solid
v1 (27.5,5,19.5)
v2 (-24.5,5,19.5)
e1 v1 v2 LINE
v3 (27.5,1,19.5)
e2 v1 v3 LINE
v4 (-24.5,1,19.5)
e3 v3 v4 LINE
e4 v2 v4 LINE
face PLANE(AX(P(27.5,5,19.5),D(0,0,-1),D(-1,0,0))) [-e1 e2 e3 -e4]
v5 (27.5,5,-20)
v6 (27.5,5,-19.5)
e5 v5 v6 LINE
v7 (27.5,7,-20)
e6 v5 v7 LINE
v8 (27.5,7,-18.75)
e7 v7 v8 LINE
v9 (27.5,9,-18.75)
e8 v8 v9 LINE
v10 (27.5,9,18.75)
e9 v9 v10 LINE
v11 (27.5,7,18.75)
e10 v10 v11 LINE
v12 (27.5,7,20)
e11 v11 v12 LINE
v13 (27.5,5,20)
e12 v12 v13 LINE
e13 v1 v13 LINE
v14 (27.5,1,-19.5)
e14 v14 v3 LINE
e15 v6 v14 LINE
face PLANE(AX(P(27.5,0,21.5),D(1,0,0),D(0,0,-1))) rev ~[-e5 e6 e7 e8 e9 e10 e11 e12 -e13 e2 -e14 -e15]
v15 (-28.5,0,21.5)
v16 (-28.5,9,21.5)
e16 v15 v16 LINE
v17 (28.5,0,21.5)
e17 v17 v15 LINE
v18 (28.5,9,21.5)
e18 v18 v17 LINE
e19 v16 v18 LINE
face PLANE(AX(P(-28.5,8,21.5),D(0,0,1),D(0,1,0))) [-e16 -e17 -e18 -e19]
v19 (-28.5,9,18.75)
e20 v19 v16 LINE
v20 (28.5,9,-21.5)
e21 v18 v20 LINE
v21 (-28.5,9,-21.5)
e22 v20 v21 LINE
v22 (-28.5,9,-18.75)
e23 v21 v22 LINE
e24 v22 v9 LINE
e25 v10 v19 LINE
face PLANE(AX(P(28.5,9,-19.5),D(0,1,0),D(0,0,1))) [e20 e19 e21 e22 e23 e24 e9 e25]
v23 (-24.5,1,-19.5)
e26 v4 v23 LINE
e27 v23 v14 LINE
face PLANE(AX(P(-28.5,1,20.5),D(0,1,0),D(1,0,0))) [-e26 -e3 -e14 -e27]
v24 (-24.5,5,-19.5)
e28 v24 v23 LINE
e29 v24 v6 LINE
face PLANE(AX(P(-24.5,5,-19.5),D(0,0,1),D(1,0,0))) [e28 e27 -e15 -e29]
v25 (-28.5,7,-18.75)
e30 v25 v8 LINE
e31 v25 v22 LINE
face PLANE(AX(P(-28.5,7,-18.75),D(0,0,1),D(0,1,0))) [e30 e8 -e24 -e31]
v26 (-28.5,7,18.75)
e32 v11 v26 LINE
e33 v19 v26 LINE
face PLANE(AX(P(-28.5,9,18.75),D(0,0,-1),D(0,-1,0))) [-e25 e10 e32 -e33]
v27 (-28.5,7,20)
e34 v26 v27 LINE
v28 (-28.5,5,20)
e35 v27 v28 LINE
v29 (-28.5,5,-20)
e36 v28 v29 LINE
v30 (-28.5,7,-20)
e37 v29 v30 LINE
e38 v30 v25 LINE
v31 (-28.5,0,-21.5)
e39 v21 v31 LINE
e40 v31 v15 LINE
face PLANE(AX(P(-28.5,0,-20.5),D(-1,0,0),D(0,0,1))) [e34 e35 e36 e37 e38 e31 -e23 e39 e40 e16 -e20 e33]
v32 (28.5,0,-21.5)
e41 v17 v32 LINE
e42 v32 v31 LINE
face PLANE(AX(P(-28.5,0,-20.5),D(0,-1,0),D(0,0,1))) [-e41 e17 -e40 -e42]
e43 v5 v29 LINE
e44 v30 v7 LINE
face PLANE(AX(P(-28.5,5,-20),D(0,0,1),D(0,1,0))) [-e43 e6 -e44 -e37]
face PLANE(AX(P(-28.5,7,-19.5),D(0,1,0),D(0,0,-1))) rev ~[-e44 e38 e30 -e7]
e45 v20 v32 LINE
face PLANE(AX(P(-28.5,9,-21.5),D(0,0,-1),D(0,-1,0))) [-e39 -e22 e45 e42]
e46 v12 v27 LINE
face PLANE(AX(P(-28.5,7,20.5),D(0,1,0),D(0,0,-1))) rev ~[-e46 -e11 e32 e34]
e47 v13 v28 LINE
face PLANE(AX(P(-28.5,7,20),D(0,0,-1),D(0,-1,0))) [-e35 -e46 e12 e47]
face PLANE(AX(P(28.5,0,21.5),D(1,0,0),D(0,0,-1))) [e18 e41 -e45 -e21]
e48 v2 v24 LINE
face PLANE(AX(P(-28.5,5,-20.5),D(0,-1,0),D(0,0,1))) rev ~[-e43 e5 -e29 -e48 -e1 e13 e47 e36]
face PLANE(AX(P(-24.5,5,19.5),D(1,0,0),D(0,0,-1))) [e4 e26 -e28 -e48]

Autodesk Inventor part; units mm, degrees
ref_plane "YZ Plane" through (0, 0, 0) normal (1, 0, 0) x (0, 1, 0)
ref_plane "XZ Plane" through (0, 0, 0) normal (0, 1, 0) x (-1, 0, 0)
ref_plane "XY Plane" through (0, 0, 0) normal (0, 0, 1) x (1, 0, 0)
sketch "Boceto1" plane through (0, 0, 0) normal (0, 1, 0) x (-1, 0, 0)
  line L0 (28.5, 20.5) -> (-28.5, 20.5)
  line L1 (-28.5, 20.5) -> (-28.5, -20.5)
  line L2 (-28.5, -20.5) -> (28.5, -20.5)
  line L3 (28.5, -20.5) -> (28.5, 20.5)
  line L4 (28.5, 20.5) -> (-28.5, -20.5) construction
  line L5 (-28.5, 20.5) -> (28.5, -20.5) construction
  point P0 (0, 0)
  dimension "d0" = 57
  dimension "d1" = 41
extrude "Extrusión1" add sketch "Boceto1" along normal blind 8
sketch "Boceto2" plane through (0, 8, 0) normal (0, 1, 0) x (1, 0, 0)
  line L0 (28.5, -20.5) -> (28.5, 20.5) projected
  line L1 (28.5, -20.5) -> (28.5, -17.5)
  line L2 (28.5, -17.5) -> (26.5, -17.5)
  line L3 (26.5, -17.5) -> (26.5, 17.5)
  line L4 (28.5, 20.5) -> (-28.5, 20.5) projected
  line L5 (26.5, 17.5) -> (-24.5, 17.5)
  line L6 (-24.5, 17.5) -> (-24.5, -17.5)
  line L7 (-24.5, -17.5) -> (26.5, -17.5)
  point P0 (0, 0)
  dimension "d4" = 3
  dimension "d5" = 2
  dimension "d6" = 35
  dimension "d7" = 51
extrude "Extrusión2" cut sketch "Boceto2" against normal blind 6
sketch "Boceto3" plane through (0, 8, 0) normal (0, 1, 0) x (1, 0, 0)
  line L0 (-24.5, -17.5) -> (-24.5, 17.5) projected
  line L1 (-24.5, -17.5) -> (-28.5, -17.5)
  line L2 (-28.5, 20.5) -> (-28.5, -20.5) projected
  line L3 (-28.5, -17.5) -> (-28.5, 17.5)
  line L4 (-24.5, 17.5) -> (26.5, 17.5) projected
  line L5 (-28.5, 17.5) -> (-24.5, 17.5)
  line L6 (-24.5, 17.5) -> (-24.5, -17.5)
  point P0 (0, 0)
  dimension "d10" = 35
extrude "Extrusión3" cut sketch "Boceto3" against normal blind 6
sketch "Boceto4" plane through (-28.5, 0, -20.5) normal (-1, 0, 0) x (0, 0, 1)
  line L0 (3, 8) -> (38, 8) projected
  line L1 (3, 8) -> (3, 7)
  line L2 (3, 7) -> (2, 7)
  line L3 (2, 7) -> (2, 6)
  line L4 (2, 6) -> (3, 6)
  line L5 (3, 8) -> (3, 2) projected
  line L6 (3, 6) -> (3, 7)
  point P0 (20.5, 0)
  dimension "d13" = 1
  dimension "d14" = 1
  dimension "d15" = 1
extrude "Extrusión4" cut sketch "Boceto4" against normal blind 55
sketch "Boceto5" plane through (-28.5, 0, -20.5) normal (-1, 0, 0) x (0, 0, 1)
  line L0 (3, 8) -> (38, 8) projected
  line L1 (38, 8) -> (38, 7)
  line L2 (38, 8) -> (38, 2) projected
  line L3 (38, 7) -> (39, 7)
  line L4 (39, 7) -> (39, 6)
  line L5 (39, 6) -> (38, 6)
  line L6 (38, 7) -> (38, 6)
  point P0 (20.5, 0)
  dimension "d18" = 1
  dimension "d19" = 1
  dimension "d20" = 1
extrude "Extrusión5" cut sketch "Boceto5" against normal blind 55
sketch "Boceto6" plane through (-28.5, 0, -20.5) normal (-1, 0, 0) x (0, 0, 1)
  line L0 (3, 8) -> (3, 7) projected
  line L1 (3, 8) -> (3, 6)
  line L2 (3, 6) -> (1, 6)
  line L3 (1, 6) -> (1, 7)
  line L4 (2, 6) -> (2, 7) projected
  line L5 (1, 7) -> (2, 7)
  line L6 (2, 7) -> (2, 8)
  line L7 (0, 8) -> (3, 8) projected
  line L8 (3, 8) -> (2, 8)
  point P0 (20.5, 0)
  dimension "d23" = 2
  dimension "d24" = 2
  dimension "d25" = 1
extrude "Extrusión6" cut sketch "Boceto6" against normal blind 55
sketch "Boceto7" plane through (-28.5, 0, -20.5) normal (-1, 0, 0) x (0, 0, 1)
  line L0 (2, 8) -> (38, 8) projected
  line L1 (39, 6) -> (38, 6) projected
  line L2 (38, 8) -> (38, 6)
  line L3 (38, 6) -> (40, 6)
  line L4 (40, 6) -> (40, 7)
  line L5 (38, 7) -> (39, 7) projected
  line L6 (40, 7) -> (39, 7)
  line L7 (39, 7) -> (39, 8)
  line L8 (38, 8) -> (41, 8) projected
  line L9 (38, 8) -> (39, 8)
  point P0 (20.5, 0)
  dimension "d28" = 2
  dimension "d29" = 1
extrude "Extrusión7" cut sketch "Boceto7" against normal blind 55
sketch "Boceto8" plane through (26.5, 2, -17.5) normal (-1, 0, 0) x (0, 0, 1)
  line L0 (-1, 6) -> (36, 6) projected
  line L1 (-1, 5) -> (-1, 6) projected
  line L2 (-1, 6) -> (-1, 5)
  line L3 (-2, 4) -> (-2, 5) projected
  line L4 (-1, 5) -> (-2, 5)
  line L5 (-2, 5) -> (-2, 4)
  line L6 (0, 4) -> (-2, 4) projected
  line L7 (-2, 4) -> (0, 4)
  line L8 (0, 0) -> (0, 4) projected
  line L9 (0, 4) -> (0, 0)
  line L10 (35, 4) -> (35, 0) projected
  line L11 (0, 0) -> (35, 0)
  line L12 (35, 0) -> (35, 4)
  line L13 (37, 4) -> (35, 4) projected
  line L14 (35, 4) -> (37, 4)
  line L15 (37, 5) -> (37, 4) projected
  line L16 (37, 4) -> (37, 5)
  line L17 (36, 5) -> (37, 5) projected
  line L18 (37, 5) -> (36, 5)
  line L19 (36, 6) -> (36, 5) projected
  line L20 (36, 5) -> (36, 6)
  line L21 (36, 6) -> (-1, 6)
  point P0 (17.5, -2)
extrude "Extrusión8" cut sketch "Boceto8" against normal blind 1
sketch "Boceto9" plane through (-28.5, 0, -20.5) normal (-1, 0, 0) x (0, 0, 1)
  line L0 (3, 2) -> (3, 6) projected
  line L1 (3, 6) -> (3, 2)
  line L2 (38, 2) -> (3, 2) projected
  line L3 (3, 2) -> (38, 2)
  line L4 (38, 6) -> (38, 2) projected
  line L5 (38, 2) -> (38, 6)
  line L6 (38, 6) -> (3, 6)
  point P0 (20.5, 0)
extrude "Extrusión9" add sketch "Boceto9" against normal blind 4
sketch "Boceto10" plane through (-28.5, 0, -20.5) normal (-1, 0, 0) x (0, 0, 1)
  line L0 (0, 0) -> (41, 0) projected
  line L1 (0, 0) -> (42, 0)
  line L2 (42, 0) -> (42, 8)
  line L3 (42, 8) -> (42, 9)
  line L4 (42, 9) -> (40, 9)
  line L5 (40, 9) -> (40, 7)
  line L6 (40, 7) -> (41, 7)
  line L7 (41, 0) -> (41, 8) projected
  line L8 (41, 7) -> (41, 5)
  line L9 (41, 5) -> (0, 5)
  line L10 (0, 0) -> (0, 8) projected
  line L11 (0, 5) -> (0, 7)
  line L12 (1, 7) -> (2, 7) projected
  line L13 (0, 7) -> (1, 7)
  line L14 (1, 7) -> (1, 9)
  line L15 (1, 9) -> (-1, 9)
  line L16 (-1, 9) -> (-1, 0)
  line L17 (-1, 0) -> (0, 0)
  point P0 (20.5, 0)
  dimension "d36" = 42
  dimension "d37" = 8
  dimension "d38" = 1
  dimension "d39" = 2
  dimension "d40" = 2
  dimension "d41" = 2
extrude "Extrusión10" add sketch "Boceto10" against normal blind 57
sketch "Boceto11" plane through (-28.5, 6, -19.5) normal (-1, 0, 0) x (0, 0, 1)
  line L0 (39, 2) -> (0, 2) projected
  line L1 (39, 2) -> (39, 1)
  line L2 (38, 1) -> (39, 1) projected
  line L3 (39, 1) -> (38, 1)
  line L4 (38, 2) -> (38, 1) projected
  line L5 (38, 1) -> (38, 2)
  line L6 (38, 2) -> (39, 2)
  line L7 (0, 1) -> (1, 1) projected
  line L8 (0, 1) -> (0, 2)
  line L9 (1, 1) -> (1, 2) projected
  line L10 (0, 2) -> (1, 2)
  line L11 (1, 2) -> (1, 1)
  line L12 (0, 0) -> (0, 1) projected
  line L13 (1, 1) -> (0, 1)
  line L14 (0, 1) -> (-1, 1)
  line L15 (-1, 1) -> (-1, -1)
  line L16 (-1, -1) -> (40, -1)
  line L17 (41, 3) -> (41, -6) projected
  line L18 (40, -1) -> (40, 1)
  line L19 (40, 1) -> (39, 1)
  line L20 (0, 1) -> (1, 1) projected
  line L21 (0, 0) -> (0, 1) projected
  line L22 (0, 1) -> (0, 0)
  line L23 (0, 0) -> (39, 0)
  line L24 (39, 0) -> (39, 1)
  line L25 (39, 1) -> (39, 0) projected
  line L26 (39, 1) -> (39, 0)
  point P0 (19.5, -6)
  dimension "d44" = 1
  dimension "d45" = 2
  dimension "d46" = 41
extrude "Extrusión11" cut sketch "Boceto11" against normal blind 56 contours L1 L2 L4 L0 | L19 L18 L16 L15 L14 L12 L23 L24 | L9 L7 L8 L0
sketch "Boceto12" plane through (28.5, 0, 21.5) normal (1, 0, 0) x (0, 0, -1)
  line L0 (2, 8) -> (2, 9) projected
  line L1 (41, 9) -> (41, 8) projected
  line L2 (2, 8) -> (41, 8)
  line L3 (41, 8) -> (41, 9)
  line L4 (41, 9) -> (2, 9)
  line L5 (2, 9) -> (2, 8)
  point P0 (21.5, 0)
extrude "Extrusión12" add sketch "Boceto12" against normal blind 1
sketch "Boceto13" plane through (-28.5, 5, 20.5) normal (0, 1, 0) x (1, 0, 0)
  line L0 (56, 1) -> (56, 0) projected
  line L1 (0, 40) -> (56, 40) projected
  line L2 (56, 1) -> (4, 1)
  line L3 (4, 1) -> (4, 40)
  line L4 (4, 40) -> (56, 40)
  line L5 (56, 40) -> (56, 1)
  point P0 (28.5, 20.5)
  dimension "d51" = 52
extrude "Extrusión13" cut sketch "Boceto13" against normal blind 4
sketch "Boceto14" plane through (-28.5, 0, -21.5) normal (-1, 0, 0) x (0, 0, 1)
  line L0 (41, 9) -> (2, 9) projected
  line L1 (41, 9) -> (40.25, 9)
  line L2 (40.25, 9) -> (40.25, 7)
  line L3 (40.25, 7) -> (41.5, 7)
  line L4 (41, 7) -> (42, 7) projected
  line L5 (41.5, 7) -> (41.5, 5)
  line L6 (41, 5) -> (42, 5) projected
  line L7 (41.5, 5) -> (1.5, 5)
  line L8 (41, 5) -> (2, 5) projected
  line L9 (1.5, 5) -> (1.5, 7)
  line L10 (1, 7) -> (2, 7) projected
  line L11 (1.5, 7) -> (2.75, 7)
  line L12 (2.75, 7) -> (2.75, 9)
  line L13 (0, 9) -> (43, 9) projected
  line L14 (2.75, 9) -> (0, 9)
  line L15 (0, 0) -> (0, 9) projected
  line L16 (0, 9) -> (0, 0)
  line L17 (43, 9) -> (43, 0) projected
  line L18 (0, 0) -> (43, 0)
  line L19 (43, 0) -> (43, 9)
  line L20 (43, 9) -> (40.25, 9)
  point P0 (21.5, 0)
  point P1 (2, 7)
  dimension "d54" = 0.75
  dimension "d55" = 2
  dimension "d56" = 40
  dimension "d57" = 1.25
extrude "Extrusión14" add sketch "Boceto14" against normal blind 4 contours L13 L17 L18 L15 L0 L12 L11 L10 L9 L7 L6 L5 L3 L2
sketch "Boceto15" plane through (-24.5, 0, -21.5) normal (1, 0, 0) x (0, 0, -1)
  line L0 (-2.75, 9) -> (-2.75, 7) projected
  line L1 (-2.75, 9) -> (-2, 9)
  line L2 (-2, 9) -> (-2, 7)
  line L3 (-2.75, 7) -> (-2, 7) projected
  line L4 (-2, 7) -> (-2.75, 7)
  line L5 (-2.75, 7) -> (-2.75, 9)
  line L6 (-1, 5) -> (-1.5, 5) projected
  line L7 (-1.5, 5) -> (-1, 5)
  line L8 (-1, 7) -> (-1, 5) projected
  line L9 (-1, 5) -> (-1, 7)
  line L10 (-1, 7) -> (-1.5, 7)
  line L11 (-1.5, 7) -> (-1.5, 5) projected
  line L12 (-1.5, 7) -> (-1.5, 5)
  line L13 (-41, 7) -> (-41, 9) projected
  line L14 (-40.25, 9) -> (-41, 9) projected
  line L15 (-41, 9) -> (-40.25, 9)
  line L16 (-40.25, 7) -> (-40.25, 9) projected
  line L17 (-40.25, 9) -> (-40.25, 7)
  line L18 (-41, 7) -> (-40.25, 7) projected
  line L19 (-40.25, 7) -> (-41, 7)
  line L20 (-41, 7) -> (-41, 9)
  line L21 (-41.5, 5) -> (-42, 5) projected
  line L22 (-41.5483, 5) -> (-42, 5)
  line L23 (-42, 5) -> (-42, 7) projected
  line L24 (-42, 5) -> (-42, 7)
  line L25 (-42, 7) -> (-41.5, 7) projected
  line L26 (-42, 7) -> (-41.5, 7)
  line L27 (-41.5, 5) -> (-41.5, 7) projected
  line L28 (-41.5, 7) -> (-41.5, 5)
  point P0 (-21.5, 0)
extrude "Extrusión15" add sketch "Boceto15" along normal blind 53
properties part number "TapaCajaArduinoNano"
